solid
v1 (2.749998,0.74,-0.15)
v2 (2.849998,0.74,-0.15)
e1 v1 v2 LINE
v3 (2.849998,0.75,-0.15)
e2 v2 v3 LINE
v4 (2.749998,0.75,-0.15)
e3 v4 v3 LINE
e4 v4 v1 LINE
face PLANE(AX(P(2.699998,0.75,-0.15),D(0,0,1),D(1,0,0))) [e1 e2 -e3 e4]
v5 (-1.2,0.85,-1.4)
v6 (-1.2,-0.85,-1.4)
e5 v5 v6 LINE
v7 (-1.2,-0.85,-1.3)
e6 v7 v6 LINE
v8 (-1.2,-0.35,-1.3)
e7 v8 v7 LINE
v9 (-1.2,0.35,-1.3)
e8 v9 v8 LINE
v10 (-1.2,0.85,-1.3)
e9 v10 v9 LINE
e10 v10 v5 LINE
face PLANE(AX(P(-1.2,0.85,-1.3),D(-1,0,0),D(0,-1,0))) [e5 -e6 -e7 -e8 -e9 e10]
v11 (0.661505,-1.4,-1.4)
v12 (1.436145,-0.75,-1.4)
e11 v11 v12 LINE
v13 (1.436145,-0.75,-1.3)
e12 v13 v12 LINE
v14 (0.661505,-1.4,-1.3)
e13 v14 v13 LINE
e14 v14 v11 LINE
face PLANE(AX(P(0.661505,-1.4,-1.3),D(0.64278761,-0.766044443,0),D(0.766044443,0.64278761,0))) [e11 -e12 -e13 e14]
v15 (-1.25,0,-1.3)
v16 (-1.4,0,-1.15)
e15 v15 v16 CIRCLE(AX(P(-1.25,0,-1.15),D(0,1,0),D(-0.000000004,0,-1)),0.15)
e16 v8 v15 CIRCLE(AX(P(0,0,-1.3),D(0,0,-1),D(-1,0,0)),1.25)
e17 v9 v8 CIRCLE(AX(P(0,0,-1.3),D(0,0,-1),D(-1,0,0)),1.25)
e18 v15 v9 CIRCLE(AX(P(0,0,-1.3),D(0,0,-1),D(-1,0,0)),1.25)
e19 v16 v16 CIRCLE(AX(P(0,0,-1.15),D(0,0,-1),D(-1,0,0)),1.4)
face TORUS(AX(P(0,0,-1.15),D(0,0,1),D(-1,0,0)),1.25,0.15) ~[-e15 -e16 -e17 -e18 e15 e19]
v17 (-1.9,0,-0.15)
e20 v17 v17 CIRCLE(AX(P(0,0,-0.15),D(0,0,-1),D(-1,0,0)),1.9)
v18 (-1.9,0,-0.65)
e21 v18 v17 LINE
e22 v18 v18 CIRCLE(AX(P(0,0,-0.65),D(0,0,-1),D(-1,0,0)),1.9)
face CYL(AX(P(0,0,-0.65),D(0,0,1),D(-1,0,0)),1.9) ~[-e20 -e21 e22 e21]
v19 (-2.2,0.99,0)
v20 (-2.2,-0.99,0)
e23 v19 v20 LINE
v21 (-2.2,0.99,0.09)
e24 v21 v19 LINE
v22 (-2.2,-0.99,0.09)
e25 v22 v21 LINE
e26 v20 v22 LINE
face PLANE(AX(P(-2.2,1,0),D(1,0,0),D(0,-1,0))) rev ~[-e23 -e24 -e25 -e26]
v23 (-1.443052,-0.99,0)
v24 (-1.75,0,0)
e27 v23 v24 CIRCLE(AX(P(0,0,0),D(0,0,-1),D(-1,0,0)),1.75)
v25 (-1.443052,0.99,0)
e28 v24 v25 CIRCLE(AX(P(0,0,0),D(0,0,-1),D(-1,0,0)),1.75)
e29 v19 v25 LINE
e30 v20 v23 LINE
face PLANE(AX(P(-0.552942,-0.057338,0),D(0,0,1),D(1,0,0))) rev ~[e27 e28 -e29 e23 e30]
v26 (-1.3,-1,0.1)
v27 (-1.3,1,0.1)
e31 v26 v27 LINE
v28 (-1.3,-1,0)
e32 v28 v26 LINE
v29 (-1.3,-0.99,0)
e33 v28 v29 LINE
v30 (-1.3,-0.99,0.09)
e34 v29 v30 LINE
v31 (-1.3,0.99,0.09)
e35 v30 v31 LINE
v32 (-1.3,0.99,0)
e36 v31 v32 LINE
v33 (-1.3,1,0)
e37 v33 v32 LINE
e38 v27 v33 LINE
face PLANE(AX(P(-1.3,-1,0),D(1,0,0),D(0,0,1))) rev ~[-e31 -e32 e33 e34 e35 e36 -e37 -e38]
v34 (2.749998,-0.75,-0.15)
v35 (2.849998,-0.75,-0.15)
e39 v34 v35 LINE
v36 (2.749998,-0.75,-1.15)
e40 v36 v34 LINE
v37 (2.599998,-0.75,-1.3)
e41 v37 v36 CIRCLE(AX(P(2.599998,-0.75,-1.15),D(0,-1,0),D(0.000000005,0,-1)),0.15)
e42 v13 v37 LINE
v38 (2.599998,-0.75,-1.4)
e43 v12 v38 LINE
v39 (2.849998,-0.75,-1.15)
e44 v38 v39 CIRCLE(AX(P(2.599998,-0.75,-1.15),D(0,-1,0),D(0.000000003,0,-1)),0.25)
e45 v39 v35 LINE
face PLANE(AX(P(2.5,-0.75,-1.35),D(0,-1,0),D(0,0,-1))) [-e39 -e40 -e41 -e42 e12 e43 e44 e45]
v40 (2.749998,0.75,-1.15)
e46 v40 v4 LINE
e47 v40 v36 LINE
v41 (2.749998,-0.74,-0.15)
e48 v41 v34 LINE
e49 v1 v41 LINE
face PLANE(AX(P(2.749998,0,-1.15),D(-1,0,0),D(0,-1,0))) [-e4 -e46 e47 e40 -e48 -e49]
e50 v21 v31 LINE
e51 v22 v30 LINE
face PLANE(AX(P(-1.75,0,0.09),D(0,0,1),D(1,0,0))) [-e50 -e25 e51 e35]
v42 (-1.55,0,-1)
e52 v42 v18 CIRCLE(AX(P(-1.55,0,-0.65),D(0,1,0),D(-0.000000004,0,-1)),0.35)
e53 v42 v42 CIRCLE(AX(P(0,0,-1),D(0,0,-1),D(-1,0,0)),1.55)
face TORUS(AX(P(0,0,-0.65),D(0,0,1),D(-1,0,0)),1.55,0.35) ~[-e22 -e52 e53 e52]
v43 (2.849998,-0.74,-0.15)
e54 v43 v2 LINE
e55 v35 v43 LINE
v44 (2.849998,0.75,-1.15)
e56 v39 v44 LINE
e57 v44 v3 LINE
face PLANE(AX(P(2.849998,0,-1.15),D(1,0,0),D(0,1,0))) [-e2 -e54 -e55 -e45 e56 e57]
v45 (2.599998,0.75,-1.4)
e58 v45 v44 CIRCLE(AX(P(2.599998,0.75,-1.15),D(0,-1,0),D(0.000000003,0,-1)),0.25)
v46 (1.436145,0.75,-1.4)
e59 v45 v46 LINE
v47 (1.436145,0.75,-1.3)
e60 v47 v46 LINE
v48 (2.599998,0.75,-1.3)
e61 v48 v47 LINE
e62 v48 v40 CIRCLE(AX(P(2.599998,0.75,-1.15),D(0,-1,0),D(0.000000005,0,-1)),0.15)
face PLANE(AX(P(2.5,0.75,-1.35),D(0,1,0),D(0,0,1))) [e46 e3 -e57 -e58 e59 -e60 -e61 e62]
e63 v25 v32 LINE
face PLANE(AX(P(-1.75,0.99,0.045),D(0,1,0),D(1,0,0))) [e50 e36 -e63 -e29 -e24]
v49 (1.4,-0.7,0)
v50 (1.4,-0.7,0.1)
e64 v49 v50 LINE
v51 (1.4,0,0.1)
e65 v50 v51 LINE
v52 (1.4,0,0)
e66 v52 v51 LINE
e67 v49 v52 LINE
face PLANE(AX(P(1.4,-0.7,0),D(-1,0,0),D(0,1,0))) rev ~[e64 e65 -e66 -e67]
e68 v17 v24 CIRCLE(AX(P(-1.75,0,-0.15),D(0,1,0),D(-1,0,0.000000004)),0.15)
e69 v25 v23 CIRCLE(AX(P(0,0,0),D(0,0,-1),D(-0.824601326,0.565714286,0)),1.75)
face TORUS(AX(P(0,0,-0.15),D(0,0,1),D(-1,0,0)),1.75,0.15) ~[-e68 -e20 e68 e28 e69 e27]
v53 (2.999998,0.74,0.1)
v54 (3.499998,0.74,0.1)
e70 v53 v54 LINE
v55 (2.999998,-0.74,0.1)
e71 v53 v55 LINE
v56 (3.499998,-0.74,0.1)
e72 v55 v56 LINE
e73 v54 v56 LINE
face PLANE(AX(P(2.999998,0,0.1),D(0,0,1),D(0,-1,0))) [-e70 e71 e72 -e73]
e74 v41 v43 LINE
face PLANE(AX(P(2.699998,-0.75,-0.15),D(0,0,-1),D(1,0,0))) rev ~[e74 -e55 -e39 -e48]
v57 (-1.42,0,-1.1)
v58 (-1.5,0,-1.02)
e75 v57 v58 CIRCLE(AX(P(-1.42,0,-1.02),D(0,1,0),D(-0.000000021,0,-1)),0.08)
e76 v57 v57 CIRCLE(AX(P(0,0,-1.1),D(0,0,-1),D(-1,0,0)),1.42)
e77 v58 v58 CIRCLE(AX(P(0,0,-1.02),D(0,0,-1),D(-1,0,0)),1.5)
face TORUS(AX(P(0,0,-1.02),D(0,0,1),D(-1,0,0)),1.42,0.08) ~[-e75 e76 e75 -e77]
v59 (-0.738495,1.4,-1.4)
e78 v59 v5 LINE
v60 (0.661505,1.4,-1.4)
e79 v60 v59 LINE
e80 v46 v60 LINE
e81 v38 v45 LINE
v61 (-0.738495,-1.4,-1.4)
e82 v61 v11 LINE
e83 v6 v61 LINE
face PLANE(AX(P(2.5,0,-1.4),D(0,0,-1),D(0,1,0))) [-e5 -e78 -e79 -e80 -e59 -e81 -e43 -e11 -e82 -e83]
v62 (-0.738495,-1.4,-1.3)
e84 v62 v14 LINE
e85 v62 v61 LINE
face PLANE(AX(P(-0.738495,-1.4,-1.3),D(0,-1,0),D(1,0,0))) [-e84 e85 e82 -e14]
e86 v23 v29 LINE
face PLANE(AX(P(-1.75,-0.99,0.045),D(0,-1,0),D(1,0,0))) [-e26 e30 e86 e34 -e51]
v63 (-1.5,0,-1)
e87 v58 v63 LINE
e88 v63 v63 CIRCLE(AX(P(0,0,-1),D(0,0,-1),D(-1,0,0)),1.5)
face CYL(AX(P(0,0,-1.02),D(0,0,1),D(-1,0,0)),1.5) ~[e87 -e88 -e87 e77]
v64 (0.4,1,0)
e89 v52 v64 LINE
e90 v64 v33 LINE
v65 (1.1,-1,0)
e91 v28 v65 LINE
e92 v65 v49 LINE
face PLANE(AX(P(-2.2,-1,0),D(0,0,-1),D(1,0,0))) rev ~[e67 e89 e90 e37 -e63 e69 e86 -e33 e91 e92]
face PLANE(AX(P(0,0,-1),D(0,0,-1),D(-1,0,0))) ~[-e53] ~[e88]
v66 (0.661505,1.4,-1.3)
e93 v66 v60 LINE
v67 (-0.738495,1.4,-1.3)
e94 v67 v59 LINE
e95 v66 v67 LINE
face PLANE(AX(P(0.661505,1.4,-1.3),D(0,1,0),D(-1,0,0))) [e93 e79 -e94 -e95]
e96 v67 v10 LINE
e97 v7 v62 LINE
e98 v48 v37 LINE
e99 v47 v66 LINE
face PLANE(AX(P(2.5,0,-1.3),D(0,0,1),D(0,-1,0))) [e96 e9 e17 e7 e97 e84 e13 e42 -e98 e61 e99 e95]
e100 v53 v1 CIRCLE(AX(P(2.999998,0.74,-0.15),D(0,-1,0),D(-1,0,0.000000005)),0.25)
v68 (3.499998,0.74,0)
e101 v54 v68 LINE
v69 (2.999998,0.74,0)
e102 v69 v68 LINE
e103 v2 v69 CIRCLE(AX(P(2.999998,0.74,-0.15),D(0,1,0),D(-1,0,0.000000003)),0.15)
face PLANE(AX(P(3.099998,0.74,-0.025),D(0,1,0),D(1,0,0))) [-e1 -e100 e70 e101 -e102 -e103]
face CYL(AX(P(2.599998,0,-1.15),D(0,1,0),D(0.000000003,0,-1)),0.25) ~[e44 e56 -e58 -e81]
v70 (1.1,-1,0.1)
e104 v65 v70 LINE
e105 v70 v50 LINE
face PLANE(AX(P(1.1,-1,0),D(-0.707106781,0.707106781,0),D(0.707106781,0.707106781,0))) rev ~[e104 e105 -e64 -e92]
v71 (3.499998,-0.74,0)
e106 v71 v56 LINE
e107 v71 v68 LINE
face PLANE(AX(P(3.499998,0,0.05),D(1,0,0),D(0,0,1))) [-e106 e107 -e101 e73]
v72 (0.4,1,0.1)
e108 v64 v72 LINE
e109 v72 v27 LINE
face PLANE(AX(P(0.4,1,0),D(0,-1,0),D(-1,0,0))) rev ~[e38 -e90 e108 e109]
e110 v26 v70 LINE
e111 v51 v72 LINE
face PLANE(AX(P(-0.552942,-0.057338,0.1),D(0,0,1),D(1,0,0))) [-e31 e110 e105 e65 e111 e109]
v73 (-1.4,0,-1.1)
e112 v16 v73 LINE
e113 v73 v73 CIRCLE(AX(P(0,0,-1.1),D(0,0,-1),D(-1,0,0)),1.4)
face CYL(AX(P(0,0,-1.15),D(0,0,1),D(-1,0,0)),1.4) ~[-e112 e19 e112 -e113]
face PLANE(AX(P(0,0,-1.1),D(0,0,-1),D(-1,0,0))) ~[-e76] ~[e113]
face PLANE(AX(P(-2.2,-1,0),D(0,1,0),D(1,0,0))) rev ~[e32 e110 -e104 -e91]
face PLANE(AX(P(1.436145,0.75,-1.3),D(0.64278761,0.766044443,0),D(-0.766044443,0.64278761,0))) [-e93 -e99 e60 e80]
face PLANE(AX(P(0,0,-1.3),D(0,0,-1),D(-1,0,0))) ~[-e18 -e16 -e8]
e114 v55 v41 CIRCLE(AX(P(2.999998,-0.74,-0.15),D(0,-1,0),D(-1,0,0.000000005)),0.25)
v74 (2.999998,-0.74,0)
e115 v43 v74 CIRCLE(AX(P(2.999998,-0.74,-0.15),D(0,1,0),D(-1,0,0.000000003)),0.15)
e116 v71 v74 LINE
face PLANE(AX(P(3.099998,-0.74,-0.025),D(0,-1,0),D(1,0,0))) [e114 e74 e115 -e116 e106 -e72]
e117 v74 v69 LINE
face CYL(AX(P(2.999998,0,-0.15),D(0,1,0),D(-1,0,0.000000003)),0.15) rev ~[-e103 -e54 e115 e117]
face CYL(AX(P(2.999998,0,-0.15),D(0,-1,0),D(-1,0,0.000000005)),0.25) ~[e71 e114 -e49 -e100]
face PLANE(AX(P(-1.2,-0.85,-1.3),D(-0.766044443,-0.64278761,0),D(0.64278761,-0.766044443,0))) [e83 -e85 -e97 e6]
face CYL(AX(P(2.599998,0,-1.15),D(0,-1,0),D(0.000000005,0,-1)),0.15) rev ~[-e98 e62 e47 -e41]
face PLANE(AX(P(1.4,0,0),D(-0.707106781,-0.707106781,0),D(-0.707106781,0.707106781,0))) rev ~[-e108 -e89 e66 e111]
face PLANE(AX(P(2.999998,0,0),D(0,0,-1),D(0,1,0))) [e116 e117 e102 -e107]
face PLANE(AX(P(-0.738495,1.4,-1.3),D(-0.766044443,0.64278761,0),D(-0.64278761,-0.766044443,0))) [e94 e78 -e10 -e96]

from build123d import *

# Parameters (mm, degrees)
BOSS_EXTRUDE1_DEPTH = 0.1
SKETCH4_W           = 0.9
SKETCH4_H           = 2
CUT_EXTRUDE1_DEPTH  = 0.01
SKETCH5_W           = 0.9
SKETCH5_H           = 0.09
CUT_EXTRUDE2_DEPTH  = 0.01
SKETCH6_W           = 0.9
SKETCH6_H           = 0.09
CUT_EXTRUDE3_DEPTH  = 0.01
BOSS_EXTRUDE2_DEPTH = 0.1
SKETCH9_W           = 0.1
SKETCH9_H           = 1.5
SKETCH10_W          = 0.8
SKETCH10_H          = 0.25
CUT_EXTRUDE4_DEPTH  = 0.01
SKETCH11_W          = 0.8
SKETCH11_H          = 0.25
CUT_EXTRUDE5_DEPTH  = 0.01


with BuildPart() as part:
    # Sketch1 → Revolve1 (revolve)
    with BuildSketch(Plane(origin=(0, 0, 0), x_dir=(1, 0, 0), z_dir=(0, 1, 0))):
        with BuildLine():
            Line((0, 0), (0, 1.3))
            Line((0, 1.3), (-1.25, 1.3))
            ThreePointArc((-1.25, 1.3), (-1.356066017, 1.256066017), (-1.4, 1.15))
            Line((-1.4, 1.15), (-1.4, 1.1))
            Line((-1.4, 1.1), (-1.42, 1.1))
            ThreePointArc((-1.42, 1.1), (-1.476568542, 1.076568542), (-1.5, 1.02))
            Line((-1.5, 1.02), (-1.5, 1))
            Line((-1.5, 1), (-1.55, 1))
            ThreePointArc((-1.55, 1), (-1.797487373, 0.897487373), (-1.9, 0.65))
            Line((-1.9, 0.65), (-1.9, 0.15))
            ThreePointArc((-1.9, 0.15), (-1.856066017, 0.043933983), (-1.75, 0))
            Line((-1.75, 0), (0, 0))
        make_face()
    revolve(axis=Axis((0, 0, 0), (0, 0, -1)))

    # Sketch2 → Boss-Extrude1 (add)
    with BuildSketch(Plane.XY):
        Polygon((-2.2, 1), (-2.2, -1), (1.1, -1), (1.4, -0.7), (1.4, 0), (0.4, 1), align=None)
    extrude(amount=BOSS_EXTRUDE1_DEPTH)

    # Sketch4 → Cut-Extrude1 (cut)
    with BuildSketch(Plane.XY.offset(0.1)):
        with Locations((-1.75, 0)):
            Rectangle(SKETCH4_W, SKETCH4_H)
    extrude(amount=-CUT_EXTRUDE1_DEPTH, mode=Mode.SUBTRACT)

    # Sketch5 → Cut-Extrude2 (cut)
    with BuildSketch(Plane(origin=(0, 1, 0), x_dir=(1, 0, 0), z_dir=(0, 1, 0))):
        with Locations((-1.75, -0.045)):
            Rectangle(SKETCH5_W, SKETCH5_H)
    extrude(amount=-CUT_EXTRUDE2_DEPTH, mode=Mode.SUBTRACT)

    # Sketch6 → Cut-Extrude3 (cut)
    with BuildSketch(Plane.XZ.offset(1)):
        with Locations((-1.75, 0.045)):
            Rectangle(SKETCH6_W, SKETCH6_H)
    extrude(amount=-CUT_EXTRUDE3_DEPTH, mode=Mode.SUBTRACT)

    # Sketch7 → Boss-Extrude2 (add)
    with BuildSketch(Plane(origin=(0, 0, -1.3), x_dir=(-1, 0, 0), z_dir=(0, 0, -1))):
        Polygon((1.2, 0.85), (1.2, -0.85), (0.738495203, -1.4), (-0.661504797, -1.4), (-1.436144632, -0.75), (-2.5, -0.75), (-2.5, 0.75), (-1.436144632, 0.75), (-0.661504797, 1.4), (0.738495203, 1.4), align=None)
    extrude(amount=BOSS_EXTRUDE2_DEPTH)

    # Sweep1: sweep along a path in Sketch8
    with BuildLine(Plane(origin=(0, 0, 0), x_dir=(1, 0, 0), z_dir=(0, 1, 0))) as sweep1_path:
        Line((2.5, 1.35), (2.599997807, 1.35))
        ThreePointArc((2.599997807, 1.35), (2.741419163, 1.291421356), (2.799997807, 1.15))
        Line((2.799997807, 1.15), (2.799997807, 0.15))
        ThreePointArc((2.799997807, 0.15), (2.858576451, 0.008578644), (2.999997807, -0.05))
        Line((2.999997807, -0.05), (3.499997807, -0.05))
    # Sketch9 → Sweep1 (sweep)
    with BuildSketch(Plane(origin=(2.5, 0, 0), x_dir=(0, 0, -1), z_dir=(1, 0, 0))):
        with Locations((1.35, 0)):
            Rectangle(SKETCH9_W, SKETCH9_H)
    sweep(path=sweep1_path.line)

    # Sketch10 → Cut-Extrude4 (cut)
    with BuildSketch(Plane(origin=(0, 0.75, 0), x_dir=(1, 0, 0), z_dir=(0, 1, 0))):
        with Locations((3.099997807, 0.025)):
            Rectangle(SKETCH10_W, SKETCH10_H)
    extrude(amount=-CUT_EXTRUDE4_DEPTH, mode=Mode.SUBTRACT)

    # Sketch11 → Cut-Extrude5 (cut)
    with BuildSketch(Plane.XZ.offset(0.75)):
        with Locations((3.099997807, -0.025)):
            Rectangle(SKETCH11_W, SKETCH11_H)
    extrude(amount=-CUT_EXTRUDE5_DEPTH, mode=Mode.SUBTRACT)


solid = part.part
